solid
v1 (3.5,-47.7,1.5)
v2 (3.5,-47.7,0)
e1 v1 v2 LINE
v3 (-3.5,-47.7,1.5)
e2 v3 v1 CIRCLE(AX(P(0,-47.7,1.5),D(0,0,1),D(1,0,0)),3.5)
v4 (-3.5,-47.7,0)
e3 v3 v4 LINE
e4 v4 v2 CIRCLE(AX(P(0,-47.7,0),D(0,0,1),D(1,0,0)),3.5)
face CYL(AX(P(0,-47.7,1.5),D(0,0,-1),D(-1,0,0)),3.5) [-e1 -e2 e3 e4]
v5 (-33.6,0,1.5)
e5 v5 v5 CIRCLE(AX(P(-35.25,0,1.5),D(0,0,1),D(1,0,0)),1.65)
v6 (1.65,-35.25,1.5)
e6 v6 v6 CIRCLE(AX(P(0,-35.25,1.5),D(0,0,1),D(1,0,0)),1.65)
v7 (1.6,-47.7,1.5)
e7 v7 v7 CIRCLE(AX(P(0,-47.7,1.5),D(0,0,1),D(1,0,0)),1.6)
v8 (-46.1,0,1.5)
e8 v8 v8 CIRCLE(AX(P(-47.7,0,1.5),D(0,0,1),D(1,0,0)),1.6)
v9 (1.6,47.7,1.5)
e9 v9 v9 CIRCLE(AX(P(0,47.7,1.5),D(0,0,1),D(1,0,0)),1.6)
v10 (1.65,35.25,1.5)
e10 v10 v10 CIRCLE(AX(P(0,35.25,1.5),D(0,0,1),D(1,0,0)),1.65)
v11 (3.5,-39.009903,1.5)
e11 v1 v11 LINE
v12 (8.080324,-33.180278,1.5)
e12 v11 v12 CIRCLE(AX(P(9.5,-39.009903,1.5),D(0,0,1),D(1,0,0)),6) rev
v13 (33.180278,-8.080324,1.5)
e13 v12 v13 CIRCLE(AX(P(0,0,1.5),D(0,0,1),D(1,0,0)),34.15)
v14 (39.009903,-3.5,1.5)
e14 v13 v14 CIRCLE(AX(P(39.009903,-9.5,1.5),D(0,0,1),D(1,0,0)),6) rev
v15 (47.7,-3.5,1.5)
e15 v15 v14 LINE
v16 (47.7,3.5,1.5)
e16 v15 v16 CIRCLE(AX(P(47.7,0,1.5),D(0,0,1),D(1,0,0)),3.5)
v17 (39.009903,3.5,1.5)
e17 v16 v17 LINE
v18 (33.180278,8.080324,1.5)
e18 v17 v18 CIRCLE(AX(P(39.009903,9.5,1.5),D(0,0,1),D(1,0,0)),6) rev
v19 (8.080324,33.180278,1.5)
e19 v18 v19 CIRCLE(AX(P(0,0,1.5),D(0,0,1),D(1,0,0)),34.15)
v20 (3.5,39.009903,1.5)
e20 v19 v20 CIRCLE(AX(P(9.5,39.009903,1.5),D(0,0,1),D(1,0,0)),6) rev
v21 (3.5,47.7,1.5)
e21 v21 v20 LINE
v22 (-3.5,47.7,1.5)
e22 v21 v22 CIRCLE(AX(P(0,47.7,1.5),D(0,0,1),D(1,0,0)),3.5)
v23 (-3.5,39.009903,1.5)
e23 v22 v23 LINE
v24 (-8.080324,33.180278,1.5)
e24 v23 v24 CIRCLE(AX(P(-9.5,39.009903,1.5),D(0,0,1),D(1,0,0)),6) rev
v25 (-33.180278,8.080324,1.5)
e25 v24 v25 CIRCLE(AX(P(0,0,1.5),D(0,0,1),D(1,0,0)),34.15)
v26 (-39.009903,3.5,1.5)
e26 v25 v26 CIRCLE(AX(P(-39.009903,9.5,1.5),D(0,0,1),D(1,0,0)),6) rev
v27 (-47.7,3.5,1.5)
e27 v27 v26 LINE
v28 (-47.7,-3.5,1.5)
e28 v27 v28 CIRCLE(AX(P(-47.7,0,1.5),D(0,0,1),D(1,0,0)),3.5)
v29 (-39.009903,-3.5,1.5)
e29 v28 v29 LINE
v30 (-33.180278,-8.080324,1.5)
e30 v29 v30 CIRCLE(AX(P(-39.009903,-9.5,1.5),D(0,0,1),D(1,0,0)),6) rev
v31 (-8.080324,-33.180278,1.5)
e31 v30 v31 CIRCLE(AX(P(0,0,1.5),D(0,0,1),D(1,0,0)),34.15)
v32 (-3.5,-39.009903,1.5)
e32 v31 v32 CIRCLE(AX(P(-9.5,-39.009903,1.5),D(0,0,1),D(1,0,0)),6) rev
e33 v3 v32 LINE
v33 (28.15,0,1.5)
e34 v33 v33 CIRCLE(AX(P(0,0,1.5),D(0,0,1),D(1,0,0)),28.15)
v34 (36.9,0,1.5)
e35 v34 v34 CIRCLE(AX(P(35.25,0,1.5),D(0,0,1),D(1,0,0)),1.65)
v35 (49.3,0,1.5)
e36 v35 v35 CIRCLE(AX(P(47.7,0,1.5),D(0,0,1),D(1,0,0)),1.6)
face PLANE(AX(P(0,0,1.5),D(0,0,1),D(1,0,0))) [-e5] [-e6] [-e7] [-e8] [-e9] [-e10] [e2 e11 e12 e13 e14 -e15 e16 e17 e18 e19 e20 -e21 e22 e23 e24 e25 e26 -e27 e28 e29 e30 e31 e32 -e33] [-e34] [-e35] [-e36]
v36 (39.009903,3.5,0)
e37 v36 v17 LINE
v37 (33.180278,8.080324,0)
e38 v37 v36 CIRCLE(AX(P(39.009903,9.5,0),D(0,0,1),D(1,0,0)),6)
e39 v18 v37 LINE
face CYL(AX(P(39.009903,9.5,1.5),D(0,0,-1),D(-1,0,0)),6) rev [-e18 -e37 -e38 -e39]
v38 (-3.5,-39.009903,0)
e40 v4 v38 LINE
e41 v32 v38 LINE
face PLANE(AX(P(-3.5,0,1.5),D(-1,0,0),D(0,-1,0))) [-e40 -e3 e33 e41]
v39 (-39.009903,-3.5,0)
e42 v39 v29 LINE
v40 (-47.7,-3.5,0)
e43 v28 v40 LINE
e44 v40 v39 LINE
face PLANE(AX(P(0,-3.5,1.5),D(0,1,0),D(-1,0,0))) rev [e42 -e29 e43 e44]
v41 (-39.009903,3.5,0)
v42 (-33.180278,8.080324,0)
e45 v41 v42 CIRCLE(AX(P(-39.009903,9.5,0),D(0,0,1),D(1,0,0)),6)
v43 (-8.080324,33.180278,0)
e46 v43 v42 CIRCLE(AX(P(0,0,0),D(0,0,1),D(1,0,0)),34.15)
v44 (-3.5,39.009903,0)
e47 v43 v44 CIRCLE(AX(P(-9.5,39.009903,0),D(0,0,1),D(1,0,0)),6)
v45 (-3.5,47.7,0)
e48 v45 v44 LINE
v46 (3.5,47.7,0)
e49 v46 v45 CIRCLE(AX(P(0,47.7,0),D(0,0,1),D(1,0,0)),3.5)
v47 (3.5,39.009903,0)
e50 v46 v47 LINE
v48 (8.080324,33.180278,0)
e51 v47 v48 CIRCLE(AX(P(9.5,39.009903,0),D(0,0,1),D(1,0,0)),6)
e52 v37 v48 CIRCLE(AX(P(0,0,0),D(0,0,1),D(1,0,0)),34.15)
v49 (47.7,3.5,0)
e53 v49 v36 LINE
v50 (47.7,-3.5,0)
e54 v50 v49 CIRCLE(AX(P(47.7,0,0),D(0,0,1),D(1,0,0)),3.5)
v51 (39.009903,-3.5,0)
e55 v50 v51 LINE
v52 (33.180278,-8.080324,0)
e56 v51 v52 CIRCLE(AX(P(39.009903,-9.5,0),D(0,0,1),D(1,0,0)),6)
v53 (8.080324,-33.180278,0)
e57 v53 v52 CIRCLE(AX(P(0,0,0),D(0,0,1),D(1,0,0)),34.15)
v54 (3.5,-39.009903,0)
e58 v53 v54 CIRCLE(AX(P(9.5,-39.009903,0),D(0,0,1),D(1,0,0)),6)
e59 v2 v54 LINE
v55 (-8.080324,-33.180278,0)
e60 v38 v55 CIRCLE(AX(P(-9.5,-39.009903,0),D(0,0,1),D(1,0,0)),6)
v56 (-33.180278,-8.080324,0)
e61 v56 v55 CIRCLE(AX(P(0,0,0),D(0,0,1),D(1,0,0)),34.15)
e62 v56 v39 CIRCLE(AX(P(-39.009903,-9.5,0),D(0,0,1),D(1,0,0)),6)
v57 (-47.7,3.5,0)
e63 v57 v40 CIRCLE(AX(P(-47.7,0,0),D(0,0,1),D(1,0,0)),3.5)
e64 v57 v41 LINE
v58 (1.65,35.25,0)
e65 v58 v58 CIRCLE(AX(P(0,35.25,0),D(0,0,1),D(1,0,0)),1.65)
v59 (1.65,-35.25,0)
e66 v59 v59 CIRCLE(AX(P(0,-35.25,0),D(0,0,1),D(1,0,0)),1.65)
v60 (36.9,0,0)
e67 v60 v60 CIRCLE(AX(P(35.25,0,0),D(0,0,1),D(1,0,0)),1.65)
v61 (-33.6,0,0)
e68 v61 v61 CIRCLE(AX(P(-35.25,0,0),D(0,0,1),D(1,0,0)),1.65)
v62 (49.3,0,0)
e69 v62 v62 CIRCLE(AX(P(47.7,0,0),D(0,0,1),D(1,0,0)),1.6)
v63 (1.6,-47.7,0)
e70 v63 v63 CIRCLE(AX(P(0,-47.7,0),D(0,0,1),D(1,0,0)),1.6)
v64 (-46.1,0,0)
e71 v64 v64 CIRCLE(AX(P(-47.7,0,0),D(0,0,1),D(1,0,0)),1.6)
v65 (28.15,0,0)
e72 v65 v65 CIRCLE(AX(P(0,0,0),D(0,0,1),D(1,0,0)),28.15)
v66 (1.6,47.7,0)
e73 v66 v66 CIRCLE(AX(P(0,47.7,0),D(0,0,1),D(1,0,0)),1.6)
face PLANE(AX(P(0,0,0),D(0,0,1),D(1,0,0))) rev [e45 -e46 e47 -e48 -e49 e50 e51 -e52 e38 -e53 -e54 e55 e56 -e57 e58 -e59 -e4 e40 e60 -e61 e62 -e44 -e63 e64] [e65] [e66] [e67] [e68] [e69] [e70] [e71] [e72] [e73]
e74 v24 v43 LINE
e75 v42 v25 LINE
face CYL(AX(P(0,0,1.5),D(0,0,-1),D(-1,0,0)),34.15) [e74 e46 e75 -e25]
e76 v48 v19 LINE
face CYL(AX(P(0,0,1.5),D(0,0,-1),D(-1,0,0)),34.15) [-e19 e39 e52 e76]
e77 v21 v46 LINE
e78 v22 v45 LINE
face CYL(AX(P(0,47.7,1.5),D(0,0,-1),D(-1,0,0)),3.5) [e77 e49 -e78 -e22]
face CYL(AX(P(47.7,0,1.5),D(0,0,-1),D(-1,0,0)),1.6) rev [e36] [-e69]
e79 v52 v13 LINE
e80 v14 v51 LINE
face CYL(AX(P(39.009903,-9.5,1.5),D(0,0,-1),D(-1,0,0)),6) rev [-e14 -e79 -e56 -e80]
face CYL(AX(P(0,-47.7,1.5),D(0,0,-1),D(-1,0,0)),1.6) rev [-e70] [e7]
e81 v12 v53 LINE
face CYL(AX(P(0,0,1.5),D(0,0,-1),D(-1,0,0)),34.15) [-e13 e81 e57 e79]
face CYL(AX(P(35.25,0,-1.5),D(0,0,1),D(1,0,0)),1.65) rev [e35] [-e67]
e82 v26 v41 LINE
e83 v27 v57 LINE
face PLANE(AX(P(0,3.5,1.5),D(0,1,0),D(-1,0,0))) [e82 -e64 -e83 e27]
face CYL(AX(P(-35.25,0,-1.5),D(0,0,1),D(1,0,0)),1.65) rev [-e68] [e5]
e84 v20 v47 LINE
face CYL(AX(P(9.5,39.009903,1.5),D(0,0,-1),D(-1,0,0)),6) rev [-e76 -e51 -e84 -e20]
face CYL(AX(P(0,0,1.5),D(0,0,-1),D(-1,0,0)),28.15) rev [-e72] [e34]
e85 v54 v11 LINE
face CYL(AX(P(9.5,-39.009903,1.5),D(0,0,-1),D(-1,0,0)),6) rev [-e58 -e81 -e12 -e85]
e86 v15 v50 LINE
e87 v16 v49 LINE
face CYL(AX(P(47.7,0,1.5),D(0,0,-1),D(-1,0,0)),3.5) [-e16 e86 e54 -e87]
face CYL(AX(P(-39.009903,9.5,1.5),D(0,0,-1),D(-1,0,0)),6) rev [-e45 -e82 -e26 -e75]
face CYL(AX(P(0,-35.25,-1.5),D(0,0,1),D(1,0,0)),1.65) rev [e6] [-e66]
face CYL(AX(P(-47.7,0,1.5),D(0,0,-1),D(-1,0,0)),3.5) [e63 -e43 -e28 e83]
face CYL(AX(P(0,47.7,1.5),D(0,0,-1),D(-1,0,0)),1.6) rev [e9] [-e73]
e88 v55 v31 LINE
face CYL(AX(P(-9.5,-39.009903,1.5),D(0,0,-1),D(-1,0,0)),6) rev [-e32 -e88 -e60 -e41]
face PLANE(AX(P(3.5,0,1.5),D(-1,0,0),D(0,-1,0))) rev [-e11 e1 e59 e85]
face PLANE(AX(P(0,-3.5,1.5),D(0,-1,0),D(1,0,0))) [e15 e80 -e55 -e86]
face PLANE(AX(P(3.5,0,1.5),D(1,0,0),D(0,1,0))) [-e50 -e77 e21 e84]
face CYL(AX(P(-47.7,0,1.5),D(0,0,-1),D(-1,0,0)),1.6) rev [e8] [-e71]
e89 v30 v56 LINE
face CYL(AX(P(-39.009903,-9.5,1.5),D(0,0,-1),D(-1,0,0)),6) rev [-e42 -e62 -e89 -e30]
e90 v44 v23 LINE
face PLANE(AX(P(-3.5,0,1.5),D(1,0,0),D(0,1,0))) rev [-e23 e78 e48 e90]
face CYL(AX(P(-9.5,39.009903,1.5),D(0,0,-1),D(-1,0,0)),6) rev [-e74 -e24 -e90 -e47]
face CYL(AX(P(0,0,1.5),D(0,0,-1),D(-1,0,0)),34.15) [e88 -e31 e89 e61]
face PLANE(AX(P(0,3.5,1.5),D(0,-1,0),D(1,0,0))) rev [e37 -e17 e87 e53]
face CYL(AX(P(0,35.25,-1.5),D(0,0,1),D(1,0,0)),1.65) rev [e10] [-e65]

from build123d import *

# Parameters (mm, degrees)
SKETCH_1_R          = 34.15
SKETCH_1_R_2        = 28.15
SKETCH_1_R_3        = 1.6
EXTRUDE_1_DEPTH     = 1.5
FILLET_1_R          = 6
SKETCH_3_R          = 1.65
CUT_EXTRUDE_1_DEPTH = 3


with BuildPart() as part:
    # 草图1 → 凸台-拉伸1 (new body)
    # profile 1 of 5: a face of its own
    with BuildSketch(Plane.XY):
        Circle(SKETCH_1_R)
        Circle(SKETCH_1_R_2, mode=Mode.SUBTRACT)
    # profile 2 of 5: a face of its own
    with BuildSketch(Plane.XY):
        with BuildLine():
            Line((3.5, 47.7), (3.5, 34.15))
            ThreePointArc((3.5, 34.15), (0, 30.65), (-3.5, 34.15))
            Line((-3.5, 34.15), (-3.5, 47.7))
            ThreePointArc((-3.5, 47.7), (0, 51.2), (3.5, 47.7))
        make_face()
        with Locations((0, 47.7)):
            Circle(SKETCH_1_R_3, mode=Mode.SUBTRACT)
    # profile 3 of 5: a face of its own
    with BuildSketch(Plane.XY):
        with BuildLine():
            Line((47.7, -3.5), (34.15, -3.5))
            ThreePointArc((34.15, -3.5), (30.65, 0), (34.15, 3.5))
            Line((34.15, 3.5), (47.7, 3.5))
            ThreePointArc((47.7, 3.5), (51.2, 0), (47.7, -3.5))
        make_face()
        with Locations((47.7, 0)):
            Circle(SKETCH_1_R_3, mode=Mode.SUBTRACT)
    # profile 4 of 5: a face of its own
    with BuildSketch(Plane.XY):
        with BuildLine():
            Line((-3.5, -47.7), (-3.5, -34.15))
            ThreePointArc((-3.5, -34.15), (0, -30.65), (3.5, -34.15))
            Line((3.5, -34.15), (3.5, -47.7))
            ThreePointArc((3.5, -47.7), (0, -51.2), (-3.5, -47.7))
        make_face()
        with Locations((0, -47.7)):
            Circle(SKETCH_1_R_3, mode=Mode.SUBTRACT)
    # profile 5 of 5: a face of its own
    with BuildSketch(Plane.XY):
        with BuildLine():
            Line((-47.7, 3.5), (-34.15, 3.5))
            ThreePointArc((-34.15, 3.5), (-30.65, 0), (-34.15, -3.5))
            Line((-34.15, -3.5), (-47.7, -3.5))
            ThreePointArc((-47.7, -3.5), (-51.2, 0), (-47.7, 3.5))
        make_face()
        with Locations((-47.7, 0)):
            Circle(SKETCH_1_R_3, mode=Mode.SUBTRACT)
    extrude(amount=EXTRUDE_1_DEPTH)

    # 圆角1
    fillet_1_edges = [part.edges().sort_by_distance(p)[0] for p in [
        (-3.49540148, 33.970644217, 0.75),
        (3.49540148, 33.970644217, 0.75),
        (33.970644217, 3.49540148, 0.75),
        (33.970644217, -3.49540148, 0.75),
        (3.49540148, -33.970644217, 0.75),
        (-3.49540148, -33.970644217, 0.75),
        (-33.970644217, -3.49540148, 0.75),
        (-33.970644217, 3.49540148, 0.75),
    ]]
    fillet(fillet_1_edges, radius=FILLET_1_R)

    # 草图3 → 切除-拉伸1 (cut)
    with BuildSketch(Plane.XY.offset(1.5)):
        with Locations((-35.25, 0)):
            Circle(SKETCH_3_R)
        with Locations((0, 35.25)):
            Circle(SKETCH_3_R)
        with Locations((35.25, 0)):
            Circle(SKETCH_3_R)
        with Locations((0, -35.25)):
            Circle(SKETCH_3_R)
    extrude(amount=-CUT_EXTRUDE_1_DEPTH, mode=Mode.SUBTRACT)


solid = part.part
